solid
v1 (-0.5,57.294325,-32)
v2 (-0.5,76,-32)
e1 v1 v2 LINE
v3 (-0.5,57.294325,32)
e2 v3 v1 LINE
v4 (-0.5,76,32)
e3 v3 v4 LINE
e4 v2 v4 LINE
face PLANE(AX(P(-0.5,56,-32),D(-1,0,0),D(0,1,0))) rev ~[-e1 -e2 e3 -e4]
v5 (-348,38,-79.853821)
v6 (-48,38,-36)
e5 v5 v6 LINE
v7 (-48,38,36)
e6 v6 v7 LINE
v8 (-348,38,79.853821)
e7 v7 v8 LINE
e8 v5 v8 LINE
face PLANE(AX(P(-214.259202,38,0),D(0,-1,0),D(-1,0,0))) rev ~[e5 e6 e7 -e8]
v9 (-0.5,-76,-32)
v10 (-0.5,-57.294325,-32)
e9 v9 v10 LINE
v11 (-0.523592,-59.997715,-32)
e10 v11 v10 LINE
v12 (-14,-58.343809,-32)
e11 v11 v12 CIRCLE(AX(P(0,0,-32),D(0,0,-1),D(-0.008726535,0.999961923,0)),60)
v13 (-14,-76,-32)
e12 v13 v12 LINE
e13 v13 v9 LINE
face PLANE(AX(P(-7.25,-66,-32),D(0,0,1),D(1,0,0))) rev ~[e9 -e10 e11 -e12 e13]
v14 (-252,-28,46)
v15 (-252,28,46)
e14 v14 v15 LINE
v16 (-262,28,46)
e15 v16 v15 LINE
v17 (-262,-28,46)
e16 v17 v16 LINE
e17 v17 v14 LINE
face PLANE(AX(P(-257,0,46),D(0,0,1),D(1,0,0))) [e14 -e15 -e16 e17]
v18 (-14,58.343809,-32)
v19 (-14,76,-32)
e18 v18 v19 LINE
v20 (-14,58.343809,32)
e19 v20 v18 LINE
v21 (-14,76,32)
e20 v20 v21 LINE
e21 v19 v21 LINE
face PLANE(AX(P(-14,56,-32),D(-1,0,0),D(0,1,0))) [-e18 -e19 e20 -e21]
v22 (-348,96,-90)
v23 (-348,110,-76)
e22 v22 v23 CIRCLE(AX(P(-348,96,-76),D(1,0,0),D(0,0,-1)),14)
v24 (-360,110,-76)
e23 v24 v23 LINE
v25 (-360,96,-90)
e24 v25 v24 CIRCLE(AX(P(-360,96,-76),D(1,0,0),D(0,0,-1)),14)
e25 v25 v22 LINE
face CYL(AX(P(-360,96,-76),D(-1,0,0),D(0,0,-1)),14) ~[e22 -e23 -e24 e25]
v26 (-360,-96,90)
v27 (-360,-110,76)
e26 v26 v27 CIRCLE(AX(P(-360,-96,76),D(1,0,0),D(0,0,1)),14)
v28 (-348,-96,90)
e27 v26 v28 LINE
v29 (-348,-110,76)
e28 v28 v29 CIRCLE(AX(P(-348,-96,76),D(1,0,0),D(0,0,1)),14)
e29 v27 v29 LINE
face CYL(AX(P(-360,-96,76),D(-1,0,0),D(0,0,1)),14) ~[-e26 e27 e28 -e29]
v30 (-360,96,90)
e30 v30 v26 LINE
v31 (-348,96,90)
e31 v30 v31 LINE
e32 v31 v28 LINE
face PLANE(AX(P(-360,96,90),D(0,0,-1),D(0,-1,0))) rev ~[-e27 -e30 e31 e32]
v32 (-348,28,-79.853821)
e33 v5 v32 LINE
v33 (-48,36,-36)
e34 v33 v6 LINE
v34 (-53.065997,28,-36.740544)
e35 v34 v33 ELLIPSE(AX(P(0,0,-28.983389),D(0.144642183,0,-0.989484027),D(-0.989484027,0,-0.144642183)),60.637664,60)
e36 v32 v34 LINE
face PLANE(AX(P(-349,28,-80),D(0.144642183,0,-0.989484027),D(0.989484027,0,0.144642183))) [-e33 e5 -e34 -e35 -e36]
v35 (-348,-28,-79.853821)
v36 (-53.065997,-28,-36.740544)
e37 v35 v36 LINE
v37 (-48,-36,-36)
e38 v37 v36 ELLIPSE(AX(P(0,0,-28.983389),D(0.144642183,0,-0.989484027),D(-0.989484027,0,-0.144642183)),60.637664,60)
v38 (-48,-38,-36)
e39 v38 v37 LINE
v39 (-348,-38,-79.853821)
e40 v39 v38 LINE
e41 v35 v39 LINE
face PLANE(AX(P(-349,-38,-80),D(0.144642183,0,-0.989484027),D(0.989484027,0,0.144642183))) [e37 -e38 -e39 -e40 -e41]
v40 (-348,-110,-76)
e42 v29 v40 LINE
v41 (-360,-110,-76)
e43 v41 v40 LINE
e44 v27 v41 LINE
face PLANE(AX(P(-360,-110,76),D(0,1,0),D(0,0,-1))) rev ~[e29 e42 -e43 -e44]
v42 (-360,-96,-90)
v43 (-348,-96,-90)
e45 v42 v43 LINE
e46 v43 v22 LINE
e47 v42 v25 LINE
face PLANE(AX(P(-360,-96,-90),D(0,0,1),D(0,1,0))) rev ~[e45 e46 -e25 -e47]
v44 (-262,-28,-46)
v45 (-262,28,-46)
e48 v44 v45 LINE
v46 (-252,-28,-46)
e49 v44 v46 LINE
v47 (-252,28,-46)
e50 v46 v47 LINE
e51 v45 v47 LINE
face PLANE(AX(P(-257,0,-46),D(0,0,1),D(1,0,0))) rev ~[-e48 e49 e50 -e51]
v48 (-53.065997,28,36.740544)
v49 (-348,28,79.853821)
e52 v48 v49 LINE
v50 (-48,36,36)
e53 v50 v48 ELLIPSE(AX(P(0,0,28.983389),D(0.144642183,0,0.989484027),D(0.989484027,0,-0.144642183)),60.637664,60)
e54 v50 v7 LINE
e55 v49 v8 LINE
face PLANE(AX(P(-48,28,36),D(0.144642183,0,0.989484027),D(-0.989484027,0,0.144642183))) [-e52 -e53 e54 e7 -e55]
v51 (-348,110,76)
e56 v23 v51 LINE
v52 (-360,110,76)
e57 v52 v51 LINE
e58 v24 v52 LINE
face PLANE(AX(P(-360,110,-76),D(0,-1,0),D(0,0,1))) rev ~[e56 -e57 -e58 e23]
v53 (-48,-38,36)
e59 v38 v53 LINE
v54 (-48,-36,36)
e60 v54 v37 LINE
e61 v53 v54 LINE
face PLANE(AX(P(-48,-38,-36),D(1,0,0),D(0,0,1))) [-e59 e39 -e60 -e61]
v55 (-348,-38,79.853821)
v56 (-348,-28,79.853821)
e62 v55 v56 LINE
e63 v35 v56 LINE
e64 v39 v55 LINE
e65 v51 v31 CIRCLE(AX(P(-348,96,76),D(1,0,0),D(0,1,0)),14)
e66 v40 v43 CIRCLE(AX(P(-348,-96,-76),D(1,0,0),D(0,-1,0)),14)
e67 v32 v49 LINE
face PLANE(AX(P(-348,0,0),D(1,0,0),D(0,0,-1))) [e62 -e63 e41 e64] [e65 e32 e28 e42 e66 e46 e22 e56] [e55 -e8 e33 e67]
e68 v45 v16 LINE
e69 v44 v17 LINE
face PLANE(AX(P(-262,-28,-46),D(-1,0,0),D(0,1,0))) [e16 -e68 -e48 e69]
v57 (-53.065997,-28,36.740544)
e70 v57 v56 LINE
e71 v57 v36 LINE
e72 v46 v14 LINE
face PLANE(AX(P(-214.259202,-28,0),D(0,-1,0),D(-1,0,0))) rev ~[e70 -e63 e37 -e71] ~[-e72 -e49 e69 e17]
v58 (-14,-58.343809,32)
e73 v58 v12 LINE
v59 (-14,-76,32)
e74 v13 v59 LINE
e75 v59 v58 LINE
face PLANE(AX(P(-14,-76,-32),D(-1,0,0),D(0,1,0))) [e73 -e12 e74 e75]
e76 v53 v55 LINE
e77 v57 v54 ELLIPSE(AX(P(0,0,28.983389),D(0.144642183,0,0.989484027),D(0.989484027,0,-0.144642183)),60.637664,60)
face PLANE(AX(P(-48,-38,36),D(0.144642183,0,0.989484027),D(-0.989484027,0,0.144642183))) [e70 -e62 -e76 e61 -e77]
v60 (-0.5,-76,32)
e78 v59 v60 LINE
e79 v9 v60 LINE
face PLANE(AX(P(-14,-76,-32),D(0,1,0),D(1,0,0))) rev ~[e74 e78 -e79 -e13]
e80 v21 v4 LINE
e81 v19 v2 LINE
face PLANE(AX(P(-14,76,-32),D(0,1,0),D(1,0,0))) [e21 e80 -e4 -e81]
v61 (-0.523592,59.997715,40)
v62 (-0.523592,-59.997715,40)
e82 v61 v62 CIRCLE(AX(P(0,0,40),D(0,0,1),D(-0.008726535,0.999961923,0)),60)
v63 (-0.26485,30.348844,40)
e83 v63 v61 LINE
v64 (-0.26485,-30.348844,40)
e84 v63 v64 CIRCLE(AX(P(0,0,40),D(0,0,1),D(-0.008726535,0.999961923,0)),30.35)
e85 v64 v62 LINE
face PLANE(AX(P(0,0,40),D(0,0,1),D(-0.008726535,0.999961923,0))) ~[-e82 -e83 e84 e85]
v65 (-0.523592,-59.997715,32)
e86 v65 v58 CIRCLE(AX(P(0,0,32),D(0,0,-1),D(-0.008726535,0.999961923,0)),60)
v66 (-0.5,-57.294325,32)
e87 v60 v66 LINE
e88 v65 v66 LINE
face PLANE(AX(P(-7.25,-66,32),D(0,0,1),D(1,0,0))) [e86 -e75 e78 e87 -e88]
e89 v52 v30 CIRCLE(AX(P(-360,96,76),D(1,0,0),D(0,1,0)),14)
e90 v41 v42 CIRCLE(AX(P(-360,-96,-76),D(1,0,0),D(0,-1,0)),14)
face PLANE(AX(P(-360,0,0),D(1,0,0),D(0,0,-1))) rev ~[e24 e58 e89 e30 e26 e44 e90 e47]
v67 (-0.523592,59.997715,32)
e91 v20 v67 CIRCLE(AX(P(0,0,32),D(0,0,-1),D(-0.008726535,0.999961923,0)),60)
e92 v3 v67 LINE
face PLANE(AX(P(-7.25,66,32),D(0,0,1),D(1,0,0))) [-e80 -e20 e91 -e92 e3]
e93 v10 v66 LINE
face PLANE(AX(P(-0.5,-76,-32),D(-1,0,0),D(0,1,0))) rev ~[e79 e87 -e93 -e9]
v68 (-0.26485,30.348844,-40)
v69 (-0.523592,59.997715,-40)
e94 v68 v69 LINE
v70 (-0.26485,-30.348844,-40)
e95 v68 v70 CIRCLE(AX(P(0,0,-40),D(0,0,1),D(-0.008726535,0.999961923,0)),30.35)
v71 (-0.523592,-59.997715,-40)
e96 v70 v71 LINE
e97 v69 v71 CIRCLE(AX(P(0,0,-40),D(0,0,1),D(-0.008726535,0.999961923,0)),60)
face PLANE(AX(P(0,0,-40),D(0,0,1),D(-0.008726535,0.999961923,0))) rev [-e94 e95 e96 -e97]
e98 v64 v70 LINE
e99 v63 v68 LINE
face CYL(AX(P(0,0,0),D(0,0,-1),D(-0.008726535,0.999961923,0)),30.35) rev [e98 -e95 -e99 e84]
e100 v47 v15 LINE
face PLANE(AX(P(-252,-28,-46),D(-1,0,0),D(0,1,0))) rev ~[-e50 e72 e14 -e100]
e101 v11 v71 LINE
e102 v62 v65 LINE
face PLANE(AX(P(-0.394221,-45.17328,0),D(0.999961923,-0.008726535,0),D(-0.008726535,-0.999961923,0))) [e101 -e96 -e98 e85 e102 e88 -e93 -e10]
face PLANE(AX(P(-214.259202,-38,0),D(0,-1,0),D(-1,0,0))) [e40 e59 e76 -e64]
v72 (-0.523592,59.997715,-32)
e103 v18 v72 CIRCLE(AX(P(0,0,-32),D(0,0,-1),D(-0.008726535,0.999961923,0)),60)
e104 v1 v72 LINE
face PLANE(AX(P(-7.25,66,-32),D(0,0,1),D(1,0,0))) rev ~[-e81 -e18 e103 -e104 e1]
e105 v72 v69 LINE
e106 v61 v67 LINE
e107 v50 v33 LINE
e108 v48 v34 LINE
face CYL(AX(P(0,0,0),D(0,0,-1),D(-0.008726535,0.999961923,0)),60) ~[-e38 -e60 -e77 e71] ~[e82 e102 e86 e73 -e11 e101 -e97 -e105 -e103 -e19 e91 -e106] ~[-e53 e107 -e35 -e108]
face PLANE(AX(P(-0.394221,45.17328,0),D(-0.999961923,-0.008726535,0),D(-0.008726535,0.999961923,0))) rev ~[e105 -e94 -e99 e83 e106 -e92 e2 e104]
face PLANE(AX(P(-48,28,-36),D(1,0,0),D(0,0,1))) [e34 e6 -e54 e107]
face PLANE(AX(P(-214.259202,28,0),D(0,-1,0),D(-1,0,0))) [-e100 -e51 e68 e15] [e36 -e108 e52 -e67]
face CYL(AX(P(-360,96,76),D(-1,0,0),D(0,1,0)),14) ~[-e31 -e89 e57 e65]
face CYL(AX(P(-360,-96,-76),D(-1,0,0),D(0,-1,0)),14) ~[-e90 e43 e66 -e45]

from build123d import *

# Parameters (mm, degrees)
EXTRUDE_START         = -360
EXTRUDE_1_DEPTH       = 12
EXTRUDE_START_2       = 28
EXTRUDE_2_DEPTH       = 10
EXTRUDE_START_3       = -38
EXTRUDE_3_DEPTH       = 10
EXTRUDE_START_4       = -46
EXTRUDE_SKETCH_4_W    = 10
EXTRUDE_SKETCH_4_H    = 56
EXTRUDE_4_DEPTH       = 92
REVOLVE_PROFILE_1_W   = 29.65
REVOLVE_PROFILE_1_H   = 80
REVOLVE_1_ANGLE       = 179
REVOLVE_INDEX_1_ANGLE = 90.5
EXTRUDE_START_5       = -32
EXTRUDE_SKETCH_5_W    = 13.5
EXTRUDE_SKETCH_5_H    = 20
EXTRUDE_5_DEPTH       = 64
EXTRUDE_SKETCH_6_W    = 13.5
EXTRUDE_SKETCH_6_H    = 20
EXTRUDE_6_DEPTH       = 64


with BuildPart() as part:
    # Extrude sketch 1 → Extrude 1 (new body)
    with BuildSketch(Plane(origin=(0, 0, 0), x_dir=(0, 0, -1), z_dir=(1, 0, 0)).offset(EXTRUDE_START)):
        with BuildLine():
            Line((-90, 96), (-90, -96))
            ThreePointArc((-90, -96), (-85.899494937, -105.899494937), (-76, -110))
            Line((-76, -110), (76, -110))
            ThreePointArc((76, -110), (85.899494937, -105.899494937), (90, -96))
            Line((90, -96), (90, 96))
            ThreePointArc((90, 96), (85.899494937, 105.899494937), (76, 110))
            Line((76, 110), (-76, 110))
            ThreePointArc((-76, 110), (-85.899494937, 105.899494937), (-90, 96))
        make_face()
    extrude(amount=EXTRUDE_1_DEPTH)


with BuildPart() as body_2:
    # Extrude sketch 2 → Extrude 2 (new body)
    with BuildSketch(Plane(origin=(0, 0, 0), x_dir=(1, 0, 0), z_dir=(0, 1, 0)).offset(EXTRUDE_START_2)):
        Polygon((-349, 80), (-48, 36), (-48, -36), (-349, -80), align=None)
    extrude(amount=EXTRUDE_2_DEPTH)


with BuildPart() as body_3:
    # Extrude sketch 3 → Extrude 3 (new body)
    with BuildSketch(Plane(origin=(0, 0, 0), x_dir=(1, 0, 0), z_dir=(0, 1, 0)).offset(EXTRUDE_START_3)):
        Polygon((-349, 80), (-48, 36), (-48, -36), (-349, -80), align=None)
    extrude(amount=EXTRUDE_3_DEPTH)


with BuildPart() as body_4:
    # Extrude sketch 4 → Extrude 4 (new body)
    with BuildSketch(Plane.XY.offset(EXTRUDE_START_4)):
        with Locations((-257, 0)):
            Rectangle(EXTRUDE_SKETCH_4_W, EXTRUDE_SKETCH_4_H)
    extrude(amount=EXTRUDE_4_DEPTH)


with BuildPart() as body_5:
    # Revolve profile 1 → Revolve 1 (revolve)
    with BuildSketch(Plane(origin=(0, 0, 0), x_dir=(1, 0, 0), z_dir=(0, 1, 0))):
        with Locations((45.175, 0)):
            Rectangle(REVOLVE_PROFILE_1_W, REVOLVE_PROFILE_1_H)
    revolve(axis=Axis((0, 0, -45), (0, 0, 1)), revolution_arc=REVOLVE_1_ANGLE)


with BuildPart() as body_5_1:
    # Revolve index 1: moved
    add(body_5.part.rotate(Axis((0, 0, 0), (0, 0, 1)), REVOLVE_INDEX_1_ANGLE))


with BuildPart() as body_6:
    # Extrude sketch 5 → Extrude 5 (new body)
    with BuildSketch(Plane.XY.offset(EXTRUDE_START_5)):
        with Locations((-7.25, 66)):
            Rectangle(EXTRUDE_SKETCH_5_W, EXTRUDE_SKETCH_5_H)
    extrude(amount=EXTRUDE_5_DEPTH)


with BuildPart() as body_7:
    # Extrude sketch 6 → Extrude 6 (new body)
    with BuildSketch(Plane.XY.offset(EXTRUDE_START_5)):
        with Locations((-7.25, -66)):
            Rectangle(EXTRUDE_SKETCH_6_W, EXTRUDE_SKETCH_6_H)
    extrude(amount=EXTRUDE_6_DEPTH)

    # Combine (weld / assembly of features): union body 2, body 5, body 3, body 4, body 6, part
    add(body_2.part)
    add(body_5_1.part)
    add(body_3.part)
    add(body_4.part)
    add(body_6.part)
    add(part.part)


solid = body_7.part
